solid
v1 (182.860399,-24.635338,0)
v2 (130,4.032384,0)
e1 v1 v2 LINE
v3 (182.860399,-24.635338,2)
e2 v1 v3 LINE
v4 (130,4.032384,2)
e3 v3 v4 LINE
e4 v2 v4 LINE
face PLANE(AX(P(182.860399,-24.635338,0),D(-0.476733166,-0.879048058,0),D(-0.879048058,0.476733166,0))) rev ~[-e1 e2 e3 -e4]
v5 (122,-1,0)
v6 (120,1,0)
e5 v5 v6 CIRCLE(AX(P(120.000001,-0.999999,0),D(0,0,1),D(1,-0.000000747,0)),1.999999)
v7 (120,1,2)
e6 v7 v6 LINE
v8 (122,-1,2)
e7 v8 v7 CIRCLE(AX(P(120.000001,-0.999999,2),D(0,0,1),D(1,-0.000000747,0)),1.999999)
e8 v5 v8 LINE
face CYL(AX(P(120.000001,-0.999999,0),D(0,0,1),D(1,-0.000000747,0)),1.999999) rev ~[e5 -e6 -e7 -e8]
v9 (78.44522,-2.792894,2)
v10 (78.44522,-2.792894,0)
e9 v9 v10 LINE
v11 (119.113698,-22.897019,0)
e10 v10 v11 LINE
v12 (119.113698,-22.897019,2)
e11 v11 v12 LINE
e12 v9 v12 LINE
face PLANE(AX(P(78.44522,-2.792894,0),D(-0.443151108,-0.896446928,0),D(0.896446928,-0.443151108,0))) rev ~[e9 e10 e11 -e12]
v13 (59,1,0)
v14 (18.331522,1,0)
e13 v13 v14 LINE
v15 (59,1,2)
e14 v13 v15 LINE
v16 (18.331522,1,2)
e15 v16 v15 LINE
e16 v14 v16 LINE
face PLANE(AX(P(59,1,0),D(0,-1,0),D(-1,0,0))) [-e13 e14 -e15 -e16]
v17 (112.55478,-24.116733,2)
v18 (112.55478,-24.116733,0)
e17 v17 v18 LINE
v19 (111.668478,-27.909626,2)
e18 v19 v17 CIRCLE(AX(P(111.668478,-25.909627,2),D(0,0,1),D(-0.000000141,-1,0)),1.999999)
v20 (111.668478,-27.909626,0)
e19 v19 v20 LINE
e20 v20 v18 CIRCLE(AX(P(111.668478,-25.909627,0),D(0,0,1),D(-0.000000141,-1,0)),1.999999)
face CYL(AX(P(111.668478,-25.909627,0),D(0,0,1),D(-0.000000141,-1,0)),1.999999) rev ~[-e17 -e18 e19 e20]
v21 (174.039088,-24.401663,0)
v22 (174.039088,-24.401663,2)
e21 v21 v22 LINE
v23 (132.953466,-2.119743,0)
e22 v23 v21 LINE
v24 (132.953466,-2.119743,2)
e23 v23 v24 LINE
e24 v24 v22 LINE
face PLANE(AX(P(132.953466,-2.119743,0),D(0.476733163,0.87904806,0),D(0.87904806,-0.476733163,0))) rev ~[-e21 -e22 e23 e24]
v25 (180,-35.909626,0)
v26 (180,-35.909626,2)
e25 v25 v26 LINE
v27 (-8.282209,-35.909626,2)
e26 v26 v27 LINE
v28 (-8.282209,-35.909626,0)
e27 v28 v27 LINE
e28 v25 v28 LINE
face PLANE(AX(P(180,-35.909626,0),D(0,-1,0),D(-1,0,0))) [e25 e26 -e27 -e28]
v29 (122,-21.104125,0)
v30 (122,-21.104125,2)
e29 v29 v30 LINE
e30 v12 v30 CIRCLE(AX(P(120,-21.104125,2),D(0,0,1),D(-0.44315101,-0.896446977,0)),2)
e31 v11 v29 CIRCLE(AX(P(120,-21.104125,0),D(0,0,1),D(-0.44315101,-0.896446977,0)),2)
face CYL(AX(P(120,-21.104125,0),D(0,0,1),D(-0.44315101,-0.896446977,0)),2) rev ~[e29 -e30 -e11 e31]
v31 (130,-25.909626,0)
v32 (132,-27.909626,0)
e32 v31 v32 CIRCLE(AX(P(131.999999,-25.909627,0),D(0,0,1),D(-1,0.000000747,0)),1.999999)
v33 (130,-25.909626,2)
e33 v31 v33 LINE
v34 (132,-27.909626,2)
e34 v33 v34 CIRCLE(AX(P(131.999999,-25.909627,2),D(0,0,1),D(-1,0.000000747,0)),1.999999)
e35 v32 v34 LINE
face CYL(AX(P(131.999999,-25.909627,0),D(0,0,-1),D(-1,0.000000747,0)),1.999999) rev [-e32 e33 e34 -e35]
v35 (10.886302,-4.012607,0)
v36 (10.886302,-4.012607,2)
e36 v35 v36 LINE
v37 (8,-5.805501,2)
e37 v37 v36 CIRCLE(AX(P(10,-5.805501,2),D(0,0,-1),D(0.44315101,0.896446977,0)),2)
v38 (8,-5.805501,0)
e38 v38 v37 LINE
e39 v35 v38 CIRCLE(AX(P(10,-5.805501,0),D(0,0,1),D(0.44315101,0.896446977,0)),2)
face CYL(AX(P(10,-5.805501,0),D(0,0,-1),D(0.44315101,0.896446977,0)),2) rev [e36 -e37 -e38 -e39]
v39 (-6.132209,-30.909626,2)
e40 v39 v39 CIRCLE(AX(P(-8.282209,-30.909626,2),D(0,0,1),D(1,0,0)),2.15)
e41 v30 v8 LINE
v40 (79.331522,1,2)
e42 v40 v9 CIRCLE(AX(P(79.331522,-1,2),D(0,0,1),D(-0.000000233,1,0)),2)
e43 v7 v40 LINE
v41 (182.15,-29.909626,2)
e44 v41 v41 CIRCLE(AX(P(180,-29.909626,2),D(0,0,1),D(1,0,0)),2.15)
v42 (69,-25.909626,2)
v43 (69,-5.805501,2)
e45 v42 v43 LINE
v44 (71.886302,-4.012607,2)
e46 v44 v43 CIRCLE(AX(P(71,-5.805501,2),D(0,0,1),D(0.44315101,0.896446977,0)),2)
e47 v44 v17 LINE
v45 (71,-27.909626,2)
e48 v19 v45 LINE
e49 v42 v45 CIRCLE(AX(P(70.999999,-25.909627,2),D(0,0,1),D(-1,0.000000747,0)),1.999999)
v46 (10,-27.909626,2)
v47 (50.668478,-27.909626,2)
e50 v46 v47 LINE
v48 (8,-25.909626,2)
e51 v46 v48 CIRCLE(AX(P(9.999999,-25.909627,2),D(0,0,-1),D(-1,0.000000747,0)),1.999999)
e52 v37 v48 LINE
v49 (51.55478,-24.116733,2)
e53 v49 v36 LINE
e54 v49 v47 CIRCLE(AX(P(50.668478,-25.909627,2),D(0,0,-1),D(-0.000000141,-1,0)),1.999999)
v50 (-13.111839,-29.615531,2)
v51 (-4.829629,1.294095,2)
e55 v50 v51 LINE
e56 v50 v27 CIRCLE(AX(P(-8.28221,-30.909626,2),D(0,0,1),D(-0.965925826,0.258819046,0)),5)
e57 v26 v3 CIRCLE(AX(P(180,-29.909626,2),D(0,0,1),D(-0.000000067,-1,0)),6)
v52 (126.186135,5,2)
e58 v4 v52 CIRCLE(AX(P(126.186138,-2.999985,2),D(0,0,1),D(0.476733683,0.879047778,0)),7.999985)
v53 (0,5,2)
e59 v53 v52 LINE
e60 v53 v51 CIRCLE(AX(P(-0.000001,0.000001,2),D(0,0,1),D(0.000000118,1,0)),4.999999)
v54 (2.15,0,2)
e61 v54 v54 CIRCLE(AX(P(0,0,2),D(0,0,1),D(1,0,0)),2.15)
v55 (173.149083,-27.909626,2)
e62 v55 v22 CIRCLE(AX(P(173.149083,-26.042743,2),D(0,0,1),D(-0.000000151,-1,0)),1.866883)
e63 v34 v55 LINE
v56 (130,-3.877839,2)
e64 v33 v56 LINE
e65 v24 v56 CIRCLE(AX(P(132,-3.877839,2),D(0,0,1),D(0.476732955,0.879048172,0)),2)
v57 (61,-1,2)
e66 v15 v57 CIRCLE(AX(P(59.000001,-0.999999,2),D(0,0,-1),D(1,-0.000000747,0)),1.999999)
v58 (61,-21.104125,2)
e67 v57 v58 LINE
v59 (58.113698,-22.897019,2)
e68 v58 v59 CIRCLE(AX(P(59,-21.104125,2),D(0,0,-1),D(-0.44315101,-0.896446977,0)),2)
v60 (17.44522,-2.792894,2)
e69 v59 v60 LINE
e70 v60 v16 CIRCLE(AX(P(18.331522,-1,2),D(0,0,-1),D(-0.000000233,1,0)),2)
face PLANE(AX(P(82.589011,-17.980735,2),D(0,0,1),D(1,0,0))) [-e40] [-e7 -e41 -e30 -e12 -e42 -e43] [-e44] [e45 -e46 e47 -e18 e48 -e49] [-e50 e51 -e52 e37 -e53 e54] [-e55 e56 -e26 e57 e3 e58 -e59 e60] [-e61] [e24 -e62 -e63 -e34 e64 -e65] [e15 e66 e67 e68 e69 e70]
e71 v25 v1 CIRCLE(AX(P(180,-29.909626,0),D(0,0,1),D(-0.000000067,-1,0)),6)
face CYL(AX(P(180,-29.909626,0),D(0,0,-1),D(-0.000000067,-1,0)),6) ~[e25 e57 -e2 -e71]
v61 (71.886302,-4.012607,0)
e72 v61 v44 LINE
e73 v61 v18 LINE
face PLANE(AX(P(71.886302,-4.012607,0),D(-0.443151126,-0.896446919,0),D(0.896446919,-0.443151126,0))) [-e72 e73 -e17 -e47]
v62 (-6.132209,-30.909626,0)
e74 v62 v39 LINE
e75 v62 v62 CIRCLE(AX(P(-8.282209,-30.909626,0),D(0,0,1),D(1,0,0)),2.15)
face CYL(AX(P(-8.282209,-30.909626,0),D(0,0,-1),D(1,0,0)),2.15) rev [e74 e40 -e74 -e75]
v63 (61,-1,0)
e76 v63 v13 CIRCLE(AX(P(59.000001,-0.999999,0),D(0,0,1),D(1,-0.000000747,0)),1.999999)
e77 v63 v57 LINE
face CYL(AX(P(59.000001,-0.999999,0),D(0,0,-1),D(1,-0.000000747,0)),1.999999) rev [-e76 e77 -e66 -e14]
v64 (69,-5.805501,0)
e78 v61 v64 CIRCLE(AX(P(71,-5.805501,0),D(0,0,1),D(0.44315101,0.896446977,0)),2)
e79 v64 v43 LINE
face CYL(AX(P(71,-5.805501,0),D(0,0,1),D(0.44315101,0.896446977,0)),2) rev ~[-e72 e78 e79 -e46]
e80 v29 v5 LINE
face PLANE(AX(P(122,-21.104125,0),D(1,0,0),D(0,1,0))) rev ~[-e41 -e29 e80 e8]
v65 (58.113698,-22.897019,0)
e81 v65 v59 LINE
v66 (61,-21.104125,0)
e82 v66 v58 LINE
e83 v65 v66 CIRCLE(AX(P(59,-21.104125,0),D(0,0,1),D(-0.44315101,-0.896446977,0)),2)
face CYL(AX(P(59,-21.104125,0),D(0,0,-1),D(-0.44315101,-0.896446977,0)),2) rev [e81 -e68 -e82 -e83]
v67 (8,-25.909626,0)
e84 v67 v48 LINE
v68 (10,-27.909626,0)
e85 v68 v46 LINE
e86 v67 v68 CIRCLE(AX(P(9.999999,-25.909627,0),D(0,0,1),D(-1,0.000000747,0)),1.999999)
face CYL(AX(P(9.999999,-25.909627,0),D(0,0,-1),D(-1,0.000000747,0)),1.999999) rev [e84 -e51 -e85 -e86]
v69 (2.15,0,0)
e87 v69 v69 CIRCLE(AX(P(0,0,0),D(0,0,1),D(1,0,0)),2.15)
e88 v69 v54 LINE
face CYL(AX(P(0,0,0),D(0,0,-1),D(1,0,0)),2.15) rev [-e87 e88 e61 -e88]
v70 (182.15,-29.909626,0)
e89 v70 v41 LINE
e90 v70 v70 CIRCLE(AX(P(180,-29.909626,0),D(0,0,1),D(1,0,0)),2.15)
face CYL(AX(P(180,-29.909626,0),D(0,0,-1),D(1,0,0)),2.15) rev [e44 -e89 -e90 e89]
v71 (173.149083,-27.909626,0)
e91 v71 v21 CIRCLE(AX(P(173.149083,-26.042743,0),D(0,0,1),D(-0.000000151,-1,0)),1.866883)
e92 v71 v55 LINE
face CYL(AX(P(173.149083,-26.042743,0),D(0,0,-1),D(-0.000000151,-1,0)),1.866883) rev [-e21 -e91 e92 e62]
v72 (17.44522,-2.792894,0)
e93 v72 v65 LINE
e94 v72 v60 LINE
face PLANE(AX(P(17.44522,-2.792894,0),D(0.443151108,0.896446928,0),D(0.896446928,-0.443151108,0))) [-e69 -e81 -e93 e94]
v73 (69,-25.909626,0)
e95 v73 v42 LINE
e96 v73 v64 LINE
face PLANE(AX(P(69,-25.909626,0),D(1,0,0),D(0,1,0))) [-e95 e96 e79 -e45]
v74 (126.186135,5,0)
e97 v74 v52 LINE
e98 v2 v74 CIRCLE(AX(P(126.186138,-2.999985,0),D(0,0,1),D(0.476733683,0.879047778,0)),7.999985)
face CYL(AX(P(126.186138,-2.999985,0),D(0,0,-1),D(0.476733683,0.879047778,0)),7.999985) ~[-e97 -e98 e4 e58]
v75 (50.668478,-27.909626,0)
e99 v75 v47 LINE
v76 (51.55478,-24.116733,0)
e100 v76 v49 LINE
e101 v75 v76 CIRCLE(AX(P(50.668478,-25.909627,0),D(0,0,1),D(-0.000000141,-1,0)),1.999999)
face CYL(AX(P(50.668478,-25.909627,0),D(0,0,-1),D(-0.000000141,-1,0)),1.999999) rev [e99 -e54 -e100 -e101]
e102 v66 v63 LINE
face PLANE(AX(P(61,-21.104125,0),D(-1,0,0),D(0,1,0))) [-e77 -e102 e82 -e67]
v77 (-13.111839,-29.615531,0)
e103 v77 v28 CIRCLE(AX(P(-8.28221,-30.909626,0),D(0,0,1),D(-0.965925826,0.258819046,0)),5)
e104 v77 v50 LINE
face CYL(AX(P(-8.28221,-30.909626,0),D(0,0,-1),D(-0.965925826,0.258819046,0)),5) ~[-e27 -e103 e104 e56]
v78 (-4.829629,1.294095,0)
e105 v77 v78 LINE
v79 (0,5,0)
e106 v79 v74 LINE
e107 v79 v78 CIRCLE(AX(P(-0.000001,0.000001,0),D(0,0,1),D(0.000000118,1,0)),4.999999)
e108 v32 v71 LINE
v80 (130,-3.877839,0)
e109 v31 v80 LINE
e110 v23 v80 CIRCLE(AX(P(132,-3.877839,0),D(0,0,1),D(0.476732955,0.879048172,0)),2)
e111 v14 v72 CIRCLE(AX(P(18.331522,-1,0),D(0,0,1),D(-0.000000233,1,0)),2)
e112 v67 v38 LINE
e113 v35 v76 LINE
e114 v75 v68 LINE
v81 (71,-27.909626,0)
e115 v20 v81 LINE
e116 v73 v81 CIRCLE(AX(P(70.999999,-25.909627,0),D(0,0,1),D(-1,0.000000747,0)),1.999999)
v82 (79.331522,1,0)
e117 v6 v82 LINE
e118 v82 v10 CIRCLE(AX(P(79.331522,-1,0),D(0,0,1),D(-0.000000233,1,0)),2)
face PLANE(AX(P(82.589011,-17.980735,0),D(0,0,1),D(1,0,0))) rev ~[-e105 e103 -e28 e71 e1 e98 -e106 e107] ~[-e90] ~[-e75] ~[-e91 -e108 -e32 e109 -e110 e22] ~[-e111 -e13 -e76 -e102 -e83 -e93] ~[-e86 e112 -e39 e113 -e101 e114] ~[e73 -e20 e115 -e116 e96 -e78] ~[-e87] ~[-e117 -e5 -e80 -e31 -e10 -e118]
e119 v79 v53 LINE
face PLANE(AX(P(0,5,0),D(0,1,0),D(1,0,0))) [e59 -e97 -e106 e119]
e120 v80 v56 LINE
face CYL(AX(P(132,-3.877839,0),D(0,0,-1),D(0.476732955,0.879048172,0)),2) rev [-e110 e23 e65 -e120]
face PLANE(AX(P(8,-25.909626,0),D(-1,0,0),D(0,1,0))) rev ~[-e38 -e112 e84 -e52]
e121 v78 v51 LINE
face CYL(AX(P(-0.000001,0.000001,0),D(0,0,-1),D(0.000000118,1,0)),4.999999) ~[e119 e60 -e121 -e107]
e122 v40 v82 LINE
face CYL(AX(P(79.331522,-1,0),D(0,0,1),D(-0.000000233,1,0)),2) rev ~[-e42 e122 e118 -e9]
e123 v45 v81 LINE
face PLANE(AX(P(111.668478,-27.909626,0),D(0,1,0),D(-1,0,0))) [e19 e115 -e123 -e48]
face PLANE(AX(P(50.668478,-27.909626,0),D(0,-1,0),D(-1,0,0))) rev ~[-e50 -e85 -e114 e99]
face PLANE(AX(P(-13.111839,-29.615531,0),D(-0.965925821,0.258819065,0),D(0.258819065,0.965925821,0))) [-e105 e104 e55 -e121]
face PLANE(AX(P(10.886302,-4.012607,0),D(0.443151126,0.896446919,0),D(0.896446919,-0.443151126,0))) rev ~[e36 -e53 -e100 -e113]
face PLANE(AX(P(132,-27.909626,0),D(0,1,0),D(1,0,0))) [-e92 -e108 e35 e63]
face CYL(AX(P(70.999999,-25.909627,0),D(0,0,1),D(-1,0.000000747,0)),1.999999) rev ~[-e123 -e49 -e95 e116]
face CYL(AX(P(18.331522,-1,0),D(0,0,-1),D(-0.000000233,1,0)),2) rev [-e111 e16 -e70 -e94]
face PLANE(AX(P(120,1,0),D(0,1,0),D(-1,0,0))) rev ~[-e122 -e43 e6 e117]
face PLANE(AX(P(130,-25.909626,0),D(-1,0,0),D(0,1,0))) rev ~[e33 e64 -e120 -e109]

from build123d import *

# Parameters (mm, degrees)
SKETCH_R            = 2.15
PAD_DEPTH           = 2
POCKET_DEPTH        = 0.001
POCKET_DEPTH_BACK   = 2.001
LINEARPATTERN_COUNT = 2
LINEARPATTERN_PITCH = 61


with BuildPart() as part:
    # Sketch → Pad (new body)
    with BuildSketch(Plane.XY):
        with BuildLine():
            ThreePointArc((0, 5), (-3.043807, 3.966767), (-4.829629, 1.294095))
            Line((-13.111839, -29.615531), (-4.829629, 1.294095))
            ThreePointArc((-13.111839, -29.615531), (-12.248976, -33.953434), (-8.282209, -35.909626))
            Line((180, -35.909626), (-8.282209, -35.909626))
            ThreePointArc((180, -35.909626), (185.815743, -31.385138), (182.860399, -24.635338))
            Line((182.860399, -24.635338), (130, 4.032384))
            ThreePointArc((130, 4.032384), (128.153484, 4.754324), (126.186135, 5))
            Line((0, 5), (126.186135, 5))
        make_face()
        Circle(SKETCH_R, mode=Mode.SUBTRACT)
        with Locations((180, -29.909626)):
            Circle(SKETCH_R, mode=Mode.SUBTRACT)
        with Locations((-8.282209, -30.909626)):
            Circle(SKETCH_R, mode=Mode.SUBTRACT)
        with BuildLine():
            ThreePointArc((173.149083, -27.909626), (174.958635, -26.501845), (174.039088, -24.401663))
            Line((132.953466, -2.119743), (174.039088, -24.401663))
            ThreePointArc((132.953466, -2.119743), (130.976998, -2.159274), (130, -3.877839))
            Line((130, -25.909626), (130, -3.877839))
            ThreePointArc((130, -25.909626), (130.585786, -27.32384), (132, -27.909626))
            Line((132, -27.909626), (173.149083, -27.909626))
        make_face(mode=Mode.SUBTRACT)
    extrude(amount=PAD_DEPTH)

    # Sketch_1 → Pocket (cut, two sides)
    with BuildSketch(Plane.XY) as pocket_sk:
        with BuildLine():
            Line((10.886302, -4.012607), (51.55478, -24.116733))
            ThreePointArc((50.668478, -27.909626), (52.616013, -26.364716), (51.55478, -24.116733))
            Line((50.668478, -27.909626), (10, -27.909626))
            ThreePointArc((8, -25.909626), (8.585786, -27.32384), (10, -27.909626))
            Line((8, -25.909626), (8, -5.805501))
            ThreePointArc((10.886302, -4.012607), (8.944681, -4.106589), (8, -5.805501))
        make_face()
        with BuildLine():
            Line((17.44522, -2.792894), (58.113698, -22.897019))
            ThreePointArc((58.113698, -22.897019), (60.055319, -22.803037), (61, -21.104125))
            Line((61, -21.104125), (61, -1))
            ThreePointArc((61, -1), (60.414214, 0.414214), (59, 1))
            Line((59, 1), (18.331522, 1))
            ThreePointArc((18.331522, 1), (16.383987, -0.544911), (17.44522, -2.792894))
        make_face()
    pocket = extrude(amount=-POCKET_DEPTH, mode=Mode.SUBTRACT) + extrude(pocket_sk.sketch, amount=POCKET_DEPTH_BACK, mode=Mode.SUBTRACT)

    # LinearPattern: Pocket ×2
    with Locations(*[(i * LINEARPATTERN_PITCH, 0, 0) for i in range(1, LINEARPATTERN_COUNT)]):
        add(pocket, mode=Mode.SUBTRACT)


solid = part.part
